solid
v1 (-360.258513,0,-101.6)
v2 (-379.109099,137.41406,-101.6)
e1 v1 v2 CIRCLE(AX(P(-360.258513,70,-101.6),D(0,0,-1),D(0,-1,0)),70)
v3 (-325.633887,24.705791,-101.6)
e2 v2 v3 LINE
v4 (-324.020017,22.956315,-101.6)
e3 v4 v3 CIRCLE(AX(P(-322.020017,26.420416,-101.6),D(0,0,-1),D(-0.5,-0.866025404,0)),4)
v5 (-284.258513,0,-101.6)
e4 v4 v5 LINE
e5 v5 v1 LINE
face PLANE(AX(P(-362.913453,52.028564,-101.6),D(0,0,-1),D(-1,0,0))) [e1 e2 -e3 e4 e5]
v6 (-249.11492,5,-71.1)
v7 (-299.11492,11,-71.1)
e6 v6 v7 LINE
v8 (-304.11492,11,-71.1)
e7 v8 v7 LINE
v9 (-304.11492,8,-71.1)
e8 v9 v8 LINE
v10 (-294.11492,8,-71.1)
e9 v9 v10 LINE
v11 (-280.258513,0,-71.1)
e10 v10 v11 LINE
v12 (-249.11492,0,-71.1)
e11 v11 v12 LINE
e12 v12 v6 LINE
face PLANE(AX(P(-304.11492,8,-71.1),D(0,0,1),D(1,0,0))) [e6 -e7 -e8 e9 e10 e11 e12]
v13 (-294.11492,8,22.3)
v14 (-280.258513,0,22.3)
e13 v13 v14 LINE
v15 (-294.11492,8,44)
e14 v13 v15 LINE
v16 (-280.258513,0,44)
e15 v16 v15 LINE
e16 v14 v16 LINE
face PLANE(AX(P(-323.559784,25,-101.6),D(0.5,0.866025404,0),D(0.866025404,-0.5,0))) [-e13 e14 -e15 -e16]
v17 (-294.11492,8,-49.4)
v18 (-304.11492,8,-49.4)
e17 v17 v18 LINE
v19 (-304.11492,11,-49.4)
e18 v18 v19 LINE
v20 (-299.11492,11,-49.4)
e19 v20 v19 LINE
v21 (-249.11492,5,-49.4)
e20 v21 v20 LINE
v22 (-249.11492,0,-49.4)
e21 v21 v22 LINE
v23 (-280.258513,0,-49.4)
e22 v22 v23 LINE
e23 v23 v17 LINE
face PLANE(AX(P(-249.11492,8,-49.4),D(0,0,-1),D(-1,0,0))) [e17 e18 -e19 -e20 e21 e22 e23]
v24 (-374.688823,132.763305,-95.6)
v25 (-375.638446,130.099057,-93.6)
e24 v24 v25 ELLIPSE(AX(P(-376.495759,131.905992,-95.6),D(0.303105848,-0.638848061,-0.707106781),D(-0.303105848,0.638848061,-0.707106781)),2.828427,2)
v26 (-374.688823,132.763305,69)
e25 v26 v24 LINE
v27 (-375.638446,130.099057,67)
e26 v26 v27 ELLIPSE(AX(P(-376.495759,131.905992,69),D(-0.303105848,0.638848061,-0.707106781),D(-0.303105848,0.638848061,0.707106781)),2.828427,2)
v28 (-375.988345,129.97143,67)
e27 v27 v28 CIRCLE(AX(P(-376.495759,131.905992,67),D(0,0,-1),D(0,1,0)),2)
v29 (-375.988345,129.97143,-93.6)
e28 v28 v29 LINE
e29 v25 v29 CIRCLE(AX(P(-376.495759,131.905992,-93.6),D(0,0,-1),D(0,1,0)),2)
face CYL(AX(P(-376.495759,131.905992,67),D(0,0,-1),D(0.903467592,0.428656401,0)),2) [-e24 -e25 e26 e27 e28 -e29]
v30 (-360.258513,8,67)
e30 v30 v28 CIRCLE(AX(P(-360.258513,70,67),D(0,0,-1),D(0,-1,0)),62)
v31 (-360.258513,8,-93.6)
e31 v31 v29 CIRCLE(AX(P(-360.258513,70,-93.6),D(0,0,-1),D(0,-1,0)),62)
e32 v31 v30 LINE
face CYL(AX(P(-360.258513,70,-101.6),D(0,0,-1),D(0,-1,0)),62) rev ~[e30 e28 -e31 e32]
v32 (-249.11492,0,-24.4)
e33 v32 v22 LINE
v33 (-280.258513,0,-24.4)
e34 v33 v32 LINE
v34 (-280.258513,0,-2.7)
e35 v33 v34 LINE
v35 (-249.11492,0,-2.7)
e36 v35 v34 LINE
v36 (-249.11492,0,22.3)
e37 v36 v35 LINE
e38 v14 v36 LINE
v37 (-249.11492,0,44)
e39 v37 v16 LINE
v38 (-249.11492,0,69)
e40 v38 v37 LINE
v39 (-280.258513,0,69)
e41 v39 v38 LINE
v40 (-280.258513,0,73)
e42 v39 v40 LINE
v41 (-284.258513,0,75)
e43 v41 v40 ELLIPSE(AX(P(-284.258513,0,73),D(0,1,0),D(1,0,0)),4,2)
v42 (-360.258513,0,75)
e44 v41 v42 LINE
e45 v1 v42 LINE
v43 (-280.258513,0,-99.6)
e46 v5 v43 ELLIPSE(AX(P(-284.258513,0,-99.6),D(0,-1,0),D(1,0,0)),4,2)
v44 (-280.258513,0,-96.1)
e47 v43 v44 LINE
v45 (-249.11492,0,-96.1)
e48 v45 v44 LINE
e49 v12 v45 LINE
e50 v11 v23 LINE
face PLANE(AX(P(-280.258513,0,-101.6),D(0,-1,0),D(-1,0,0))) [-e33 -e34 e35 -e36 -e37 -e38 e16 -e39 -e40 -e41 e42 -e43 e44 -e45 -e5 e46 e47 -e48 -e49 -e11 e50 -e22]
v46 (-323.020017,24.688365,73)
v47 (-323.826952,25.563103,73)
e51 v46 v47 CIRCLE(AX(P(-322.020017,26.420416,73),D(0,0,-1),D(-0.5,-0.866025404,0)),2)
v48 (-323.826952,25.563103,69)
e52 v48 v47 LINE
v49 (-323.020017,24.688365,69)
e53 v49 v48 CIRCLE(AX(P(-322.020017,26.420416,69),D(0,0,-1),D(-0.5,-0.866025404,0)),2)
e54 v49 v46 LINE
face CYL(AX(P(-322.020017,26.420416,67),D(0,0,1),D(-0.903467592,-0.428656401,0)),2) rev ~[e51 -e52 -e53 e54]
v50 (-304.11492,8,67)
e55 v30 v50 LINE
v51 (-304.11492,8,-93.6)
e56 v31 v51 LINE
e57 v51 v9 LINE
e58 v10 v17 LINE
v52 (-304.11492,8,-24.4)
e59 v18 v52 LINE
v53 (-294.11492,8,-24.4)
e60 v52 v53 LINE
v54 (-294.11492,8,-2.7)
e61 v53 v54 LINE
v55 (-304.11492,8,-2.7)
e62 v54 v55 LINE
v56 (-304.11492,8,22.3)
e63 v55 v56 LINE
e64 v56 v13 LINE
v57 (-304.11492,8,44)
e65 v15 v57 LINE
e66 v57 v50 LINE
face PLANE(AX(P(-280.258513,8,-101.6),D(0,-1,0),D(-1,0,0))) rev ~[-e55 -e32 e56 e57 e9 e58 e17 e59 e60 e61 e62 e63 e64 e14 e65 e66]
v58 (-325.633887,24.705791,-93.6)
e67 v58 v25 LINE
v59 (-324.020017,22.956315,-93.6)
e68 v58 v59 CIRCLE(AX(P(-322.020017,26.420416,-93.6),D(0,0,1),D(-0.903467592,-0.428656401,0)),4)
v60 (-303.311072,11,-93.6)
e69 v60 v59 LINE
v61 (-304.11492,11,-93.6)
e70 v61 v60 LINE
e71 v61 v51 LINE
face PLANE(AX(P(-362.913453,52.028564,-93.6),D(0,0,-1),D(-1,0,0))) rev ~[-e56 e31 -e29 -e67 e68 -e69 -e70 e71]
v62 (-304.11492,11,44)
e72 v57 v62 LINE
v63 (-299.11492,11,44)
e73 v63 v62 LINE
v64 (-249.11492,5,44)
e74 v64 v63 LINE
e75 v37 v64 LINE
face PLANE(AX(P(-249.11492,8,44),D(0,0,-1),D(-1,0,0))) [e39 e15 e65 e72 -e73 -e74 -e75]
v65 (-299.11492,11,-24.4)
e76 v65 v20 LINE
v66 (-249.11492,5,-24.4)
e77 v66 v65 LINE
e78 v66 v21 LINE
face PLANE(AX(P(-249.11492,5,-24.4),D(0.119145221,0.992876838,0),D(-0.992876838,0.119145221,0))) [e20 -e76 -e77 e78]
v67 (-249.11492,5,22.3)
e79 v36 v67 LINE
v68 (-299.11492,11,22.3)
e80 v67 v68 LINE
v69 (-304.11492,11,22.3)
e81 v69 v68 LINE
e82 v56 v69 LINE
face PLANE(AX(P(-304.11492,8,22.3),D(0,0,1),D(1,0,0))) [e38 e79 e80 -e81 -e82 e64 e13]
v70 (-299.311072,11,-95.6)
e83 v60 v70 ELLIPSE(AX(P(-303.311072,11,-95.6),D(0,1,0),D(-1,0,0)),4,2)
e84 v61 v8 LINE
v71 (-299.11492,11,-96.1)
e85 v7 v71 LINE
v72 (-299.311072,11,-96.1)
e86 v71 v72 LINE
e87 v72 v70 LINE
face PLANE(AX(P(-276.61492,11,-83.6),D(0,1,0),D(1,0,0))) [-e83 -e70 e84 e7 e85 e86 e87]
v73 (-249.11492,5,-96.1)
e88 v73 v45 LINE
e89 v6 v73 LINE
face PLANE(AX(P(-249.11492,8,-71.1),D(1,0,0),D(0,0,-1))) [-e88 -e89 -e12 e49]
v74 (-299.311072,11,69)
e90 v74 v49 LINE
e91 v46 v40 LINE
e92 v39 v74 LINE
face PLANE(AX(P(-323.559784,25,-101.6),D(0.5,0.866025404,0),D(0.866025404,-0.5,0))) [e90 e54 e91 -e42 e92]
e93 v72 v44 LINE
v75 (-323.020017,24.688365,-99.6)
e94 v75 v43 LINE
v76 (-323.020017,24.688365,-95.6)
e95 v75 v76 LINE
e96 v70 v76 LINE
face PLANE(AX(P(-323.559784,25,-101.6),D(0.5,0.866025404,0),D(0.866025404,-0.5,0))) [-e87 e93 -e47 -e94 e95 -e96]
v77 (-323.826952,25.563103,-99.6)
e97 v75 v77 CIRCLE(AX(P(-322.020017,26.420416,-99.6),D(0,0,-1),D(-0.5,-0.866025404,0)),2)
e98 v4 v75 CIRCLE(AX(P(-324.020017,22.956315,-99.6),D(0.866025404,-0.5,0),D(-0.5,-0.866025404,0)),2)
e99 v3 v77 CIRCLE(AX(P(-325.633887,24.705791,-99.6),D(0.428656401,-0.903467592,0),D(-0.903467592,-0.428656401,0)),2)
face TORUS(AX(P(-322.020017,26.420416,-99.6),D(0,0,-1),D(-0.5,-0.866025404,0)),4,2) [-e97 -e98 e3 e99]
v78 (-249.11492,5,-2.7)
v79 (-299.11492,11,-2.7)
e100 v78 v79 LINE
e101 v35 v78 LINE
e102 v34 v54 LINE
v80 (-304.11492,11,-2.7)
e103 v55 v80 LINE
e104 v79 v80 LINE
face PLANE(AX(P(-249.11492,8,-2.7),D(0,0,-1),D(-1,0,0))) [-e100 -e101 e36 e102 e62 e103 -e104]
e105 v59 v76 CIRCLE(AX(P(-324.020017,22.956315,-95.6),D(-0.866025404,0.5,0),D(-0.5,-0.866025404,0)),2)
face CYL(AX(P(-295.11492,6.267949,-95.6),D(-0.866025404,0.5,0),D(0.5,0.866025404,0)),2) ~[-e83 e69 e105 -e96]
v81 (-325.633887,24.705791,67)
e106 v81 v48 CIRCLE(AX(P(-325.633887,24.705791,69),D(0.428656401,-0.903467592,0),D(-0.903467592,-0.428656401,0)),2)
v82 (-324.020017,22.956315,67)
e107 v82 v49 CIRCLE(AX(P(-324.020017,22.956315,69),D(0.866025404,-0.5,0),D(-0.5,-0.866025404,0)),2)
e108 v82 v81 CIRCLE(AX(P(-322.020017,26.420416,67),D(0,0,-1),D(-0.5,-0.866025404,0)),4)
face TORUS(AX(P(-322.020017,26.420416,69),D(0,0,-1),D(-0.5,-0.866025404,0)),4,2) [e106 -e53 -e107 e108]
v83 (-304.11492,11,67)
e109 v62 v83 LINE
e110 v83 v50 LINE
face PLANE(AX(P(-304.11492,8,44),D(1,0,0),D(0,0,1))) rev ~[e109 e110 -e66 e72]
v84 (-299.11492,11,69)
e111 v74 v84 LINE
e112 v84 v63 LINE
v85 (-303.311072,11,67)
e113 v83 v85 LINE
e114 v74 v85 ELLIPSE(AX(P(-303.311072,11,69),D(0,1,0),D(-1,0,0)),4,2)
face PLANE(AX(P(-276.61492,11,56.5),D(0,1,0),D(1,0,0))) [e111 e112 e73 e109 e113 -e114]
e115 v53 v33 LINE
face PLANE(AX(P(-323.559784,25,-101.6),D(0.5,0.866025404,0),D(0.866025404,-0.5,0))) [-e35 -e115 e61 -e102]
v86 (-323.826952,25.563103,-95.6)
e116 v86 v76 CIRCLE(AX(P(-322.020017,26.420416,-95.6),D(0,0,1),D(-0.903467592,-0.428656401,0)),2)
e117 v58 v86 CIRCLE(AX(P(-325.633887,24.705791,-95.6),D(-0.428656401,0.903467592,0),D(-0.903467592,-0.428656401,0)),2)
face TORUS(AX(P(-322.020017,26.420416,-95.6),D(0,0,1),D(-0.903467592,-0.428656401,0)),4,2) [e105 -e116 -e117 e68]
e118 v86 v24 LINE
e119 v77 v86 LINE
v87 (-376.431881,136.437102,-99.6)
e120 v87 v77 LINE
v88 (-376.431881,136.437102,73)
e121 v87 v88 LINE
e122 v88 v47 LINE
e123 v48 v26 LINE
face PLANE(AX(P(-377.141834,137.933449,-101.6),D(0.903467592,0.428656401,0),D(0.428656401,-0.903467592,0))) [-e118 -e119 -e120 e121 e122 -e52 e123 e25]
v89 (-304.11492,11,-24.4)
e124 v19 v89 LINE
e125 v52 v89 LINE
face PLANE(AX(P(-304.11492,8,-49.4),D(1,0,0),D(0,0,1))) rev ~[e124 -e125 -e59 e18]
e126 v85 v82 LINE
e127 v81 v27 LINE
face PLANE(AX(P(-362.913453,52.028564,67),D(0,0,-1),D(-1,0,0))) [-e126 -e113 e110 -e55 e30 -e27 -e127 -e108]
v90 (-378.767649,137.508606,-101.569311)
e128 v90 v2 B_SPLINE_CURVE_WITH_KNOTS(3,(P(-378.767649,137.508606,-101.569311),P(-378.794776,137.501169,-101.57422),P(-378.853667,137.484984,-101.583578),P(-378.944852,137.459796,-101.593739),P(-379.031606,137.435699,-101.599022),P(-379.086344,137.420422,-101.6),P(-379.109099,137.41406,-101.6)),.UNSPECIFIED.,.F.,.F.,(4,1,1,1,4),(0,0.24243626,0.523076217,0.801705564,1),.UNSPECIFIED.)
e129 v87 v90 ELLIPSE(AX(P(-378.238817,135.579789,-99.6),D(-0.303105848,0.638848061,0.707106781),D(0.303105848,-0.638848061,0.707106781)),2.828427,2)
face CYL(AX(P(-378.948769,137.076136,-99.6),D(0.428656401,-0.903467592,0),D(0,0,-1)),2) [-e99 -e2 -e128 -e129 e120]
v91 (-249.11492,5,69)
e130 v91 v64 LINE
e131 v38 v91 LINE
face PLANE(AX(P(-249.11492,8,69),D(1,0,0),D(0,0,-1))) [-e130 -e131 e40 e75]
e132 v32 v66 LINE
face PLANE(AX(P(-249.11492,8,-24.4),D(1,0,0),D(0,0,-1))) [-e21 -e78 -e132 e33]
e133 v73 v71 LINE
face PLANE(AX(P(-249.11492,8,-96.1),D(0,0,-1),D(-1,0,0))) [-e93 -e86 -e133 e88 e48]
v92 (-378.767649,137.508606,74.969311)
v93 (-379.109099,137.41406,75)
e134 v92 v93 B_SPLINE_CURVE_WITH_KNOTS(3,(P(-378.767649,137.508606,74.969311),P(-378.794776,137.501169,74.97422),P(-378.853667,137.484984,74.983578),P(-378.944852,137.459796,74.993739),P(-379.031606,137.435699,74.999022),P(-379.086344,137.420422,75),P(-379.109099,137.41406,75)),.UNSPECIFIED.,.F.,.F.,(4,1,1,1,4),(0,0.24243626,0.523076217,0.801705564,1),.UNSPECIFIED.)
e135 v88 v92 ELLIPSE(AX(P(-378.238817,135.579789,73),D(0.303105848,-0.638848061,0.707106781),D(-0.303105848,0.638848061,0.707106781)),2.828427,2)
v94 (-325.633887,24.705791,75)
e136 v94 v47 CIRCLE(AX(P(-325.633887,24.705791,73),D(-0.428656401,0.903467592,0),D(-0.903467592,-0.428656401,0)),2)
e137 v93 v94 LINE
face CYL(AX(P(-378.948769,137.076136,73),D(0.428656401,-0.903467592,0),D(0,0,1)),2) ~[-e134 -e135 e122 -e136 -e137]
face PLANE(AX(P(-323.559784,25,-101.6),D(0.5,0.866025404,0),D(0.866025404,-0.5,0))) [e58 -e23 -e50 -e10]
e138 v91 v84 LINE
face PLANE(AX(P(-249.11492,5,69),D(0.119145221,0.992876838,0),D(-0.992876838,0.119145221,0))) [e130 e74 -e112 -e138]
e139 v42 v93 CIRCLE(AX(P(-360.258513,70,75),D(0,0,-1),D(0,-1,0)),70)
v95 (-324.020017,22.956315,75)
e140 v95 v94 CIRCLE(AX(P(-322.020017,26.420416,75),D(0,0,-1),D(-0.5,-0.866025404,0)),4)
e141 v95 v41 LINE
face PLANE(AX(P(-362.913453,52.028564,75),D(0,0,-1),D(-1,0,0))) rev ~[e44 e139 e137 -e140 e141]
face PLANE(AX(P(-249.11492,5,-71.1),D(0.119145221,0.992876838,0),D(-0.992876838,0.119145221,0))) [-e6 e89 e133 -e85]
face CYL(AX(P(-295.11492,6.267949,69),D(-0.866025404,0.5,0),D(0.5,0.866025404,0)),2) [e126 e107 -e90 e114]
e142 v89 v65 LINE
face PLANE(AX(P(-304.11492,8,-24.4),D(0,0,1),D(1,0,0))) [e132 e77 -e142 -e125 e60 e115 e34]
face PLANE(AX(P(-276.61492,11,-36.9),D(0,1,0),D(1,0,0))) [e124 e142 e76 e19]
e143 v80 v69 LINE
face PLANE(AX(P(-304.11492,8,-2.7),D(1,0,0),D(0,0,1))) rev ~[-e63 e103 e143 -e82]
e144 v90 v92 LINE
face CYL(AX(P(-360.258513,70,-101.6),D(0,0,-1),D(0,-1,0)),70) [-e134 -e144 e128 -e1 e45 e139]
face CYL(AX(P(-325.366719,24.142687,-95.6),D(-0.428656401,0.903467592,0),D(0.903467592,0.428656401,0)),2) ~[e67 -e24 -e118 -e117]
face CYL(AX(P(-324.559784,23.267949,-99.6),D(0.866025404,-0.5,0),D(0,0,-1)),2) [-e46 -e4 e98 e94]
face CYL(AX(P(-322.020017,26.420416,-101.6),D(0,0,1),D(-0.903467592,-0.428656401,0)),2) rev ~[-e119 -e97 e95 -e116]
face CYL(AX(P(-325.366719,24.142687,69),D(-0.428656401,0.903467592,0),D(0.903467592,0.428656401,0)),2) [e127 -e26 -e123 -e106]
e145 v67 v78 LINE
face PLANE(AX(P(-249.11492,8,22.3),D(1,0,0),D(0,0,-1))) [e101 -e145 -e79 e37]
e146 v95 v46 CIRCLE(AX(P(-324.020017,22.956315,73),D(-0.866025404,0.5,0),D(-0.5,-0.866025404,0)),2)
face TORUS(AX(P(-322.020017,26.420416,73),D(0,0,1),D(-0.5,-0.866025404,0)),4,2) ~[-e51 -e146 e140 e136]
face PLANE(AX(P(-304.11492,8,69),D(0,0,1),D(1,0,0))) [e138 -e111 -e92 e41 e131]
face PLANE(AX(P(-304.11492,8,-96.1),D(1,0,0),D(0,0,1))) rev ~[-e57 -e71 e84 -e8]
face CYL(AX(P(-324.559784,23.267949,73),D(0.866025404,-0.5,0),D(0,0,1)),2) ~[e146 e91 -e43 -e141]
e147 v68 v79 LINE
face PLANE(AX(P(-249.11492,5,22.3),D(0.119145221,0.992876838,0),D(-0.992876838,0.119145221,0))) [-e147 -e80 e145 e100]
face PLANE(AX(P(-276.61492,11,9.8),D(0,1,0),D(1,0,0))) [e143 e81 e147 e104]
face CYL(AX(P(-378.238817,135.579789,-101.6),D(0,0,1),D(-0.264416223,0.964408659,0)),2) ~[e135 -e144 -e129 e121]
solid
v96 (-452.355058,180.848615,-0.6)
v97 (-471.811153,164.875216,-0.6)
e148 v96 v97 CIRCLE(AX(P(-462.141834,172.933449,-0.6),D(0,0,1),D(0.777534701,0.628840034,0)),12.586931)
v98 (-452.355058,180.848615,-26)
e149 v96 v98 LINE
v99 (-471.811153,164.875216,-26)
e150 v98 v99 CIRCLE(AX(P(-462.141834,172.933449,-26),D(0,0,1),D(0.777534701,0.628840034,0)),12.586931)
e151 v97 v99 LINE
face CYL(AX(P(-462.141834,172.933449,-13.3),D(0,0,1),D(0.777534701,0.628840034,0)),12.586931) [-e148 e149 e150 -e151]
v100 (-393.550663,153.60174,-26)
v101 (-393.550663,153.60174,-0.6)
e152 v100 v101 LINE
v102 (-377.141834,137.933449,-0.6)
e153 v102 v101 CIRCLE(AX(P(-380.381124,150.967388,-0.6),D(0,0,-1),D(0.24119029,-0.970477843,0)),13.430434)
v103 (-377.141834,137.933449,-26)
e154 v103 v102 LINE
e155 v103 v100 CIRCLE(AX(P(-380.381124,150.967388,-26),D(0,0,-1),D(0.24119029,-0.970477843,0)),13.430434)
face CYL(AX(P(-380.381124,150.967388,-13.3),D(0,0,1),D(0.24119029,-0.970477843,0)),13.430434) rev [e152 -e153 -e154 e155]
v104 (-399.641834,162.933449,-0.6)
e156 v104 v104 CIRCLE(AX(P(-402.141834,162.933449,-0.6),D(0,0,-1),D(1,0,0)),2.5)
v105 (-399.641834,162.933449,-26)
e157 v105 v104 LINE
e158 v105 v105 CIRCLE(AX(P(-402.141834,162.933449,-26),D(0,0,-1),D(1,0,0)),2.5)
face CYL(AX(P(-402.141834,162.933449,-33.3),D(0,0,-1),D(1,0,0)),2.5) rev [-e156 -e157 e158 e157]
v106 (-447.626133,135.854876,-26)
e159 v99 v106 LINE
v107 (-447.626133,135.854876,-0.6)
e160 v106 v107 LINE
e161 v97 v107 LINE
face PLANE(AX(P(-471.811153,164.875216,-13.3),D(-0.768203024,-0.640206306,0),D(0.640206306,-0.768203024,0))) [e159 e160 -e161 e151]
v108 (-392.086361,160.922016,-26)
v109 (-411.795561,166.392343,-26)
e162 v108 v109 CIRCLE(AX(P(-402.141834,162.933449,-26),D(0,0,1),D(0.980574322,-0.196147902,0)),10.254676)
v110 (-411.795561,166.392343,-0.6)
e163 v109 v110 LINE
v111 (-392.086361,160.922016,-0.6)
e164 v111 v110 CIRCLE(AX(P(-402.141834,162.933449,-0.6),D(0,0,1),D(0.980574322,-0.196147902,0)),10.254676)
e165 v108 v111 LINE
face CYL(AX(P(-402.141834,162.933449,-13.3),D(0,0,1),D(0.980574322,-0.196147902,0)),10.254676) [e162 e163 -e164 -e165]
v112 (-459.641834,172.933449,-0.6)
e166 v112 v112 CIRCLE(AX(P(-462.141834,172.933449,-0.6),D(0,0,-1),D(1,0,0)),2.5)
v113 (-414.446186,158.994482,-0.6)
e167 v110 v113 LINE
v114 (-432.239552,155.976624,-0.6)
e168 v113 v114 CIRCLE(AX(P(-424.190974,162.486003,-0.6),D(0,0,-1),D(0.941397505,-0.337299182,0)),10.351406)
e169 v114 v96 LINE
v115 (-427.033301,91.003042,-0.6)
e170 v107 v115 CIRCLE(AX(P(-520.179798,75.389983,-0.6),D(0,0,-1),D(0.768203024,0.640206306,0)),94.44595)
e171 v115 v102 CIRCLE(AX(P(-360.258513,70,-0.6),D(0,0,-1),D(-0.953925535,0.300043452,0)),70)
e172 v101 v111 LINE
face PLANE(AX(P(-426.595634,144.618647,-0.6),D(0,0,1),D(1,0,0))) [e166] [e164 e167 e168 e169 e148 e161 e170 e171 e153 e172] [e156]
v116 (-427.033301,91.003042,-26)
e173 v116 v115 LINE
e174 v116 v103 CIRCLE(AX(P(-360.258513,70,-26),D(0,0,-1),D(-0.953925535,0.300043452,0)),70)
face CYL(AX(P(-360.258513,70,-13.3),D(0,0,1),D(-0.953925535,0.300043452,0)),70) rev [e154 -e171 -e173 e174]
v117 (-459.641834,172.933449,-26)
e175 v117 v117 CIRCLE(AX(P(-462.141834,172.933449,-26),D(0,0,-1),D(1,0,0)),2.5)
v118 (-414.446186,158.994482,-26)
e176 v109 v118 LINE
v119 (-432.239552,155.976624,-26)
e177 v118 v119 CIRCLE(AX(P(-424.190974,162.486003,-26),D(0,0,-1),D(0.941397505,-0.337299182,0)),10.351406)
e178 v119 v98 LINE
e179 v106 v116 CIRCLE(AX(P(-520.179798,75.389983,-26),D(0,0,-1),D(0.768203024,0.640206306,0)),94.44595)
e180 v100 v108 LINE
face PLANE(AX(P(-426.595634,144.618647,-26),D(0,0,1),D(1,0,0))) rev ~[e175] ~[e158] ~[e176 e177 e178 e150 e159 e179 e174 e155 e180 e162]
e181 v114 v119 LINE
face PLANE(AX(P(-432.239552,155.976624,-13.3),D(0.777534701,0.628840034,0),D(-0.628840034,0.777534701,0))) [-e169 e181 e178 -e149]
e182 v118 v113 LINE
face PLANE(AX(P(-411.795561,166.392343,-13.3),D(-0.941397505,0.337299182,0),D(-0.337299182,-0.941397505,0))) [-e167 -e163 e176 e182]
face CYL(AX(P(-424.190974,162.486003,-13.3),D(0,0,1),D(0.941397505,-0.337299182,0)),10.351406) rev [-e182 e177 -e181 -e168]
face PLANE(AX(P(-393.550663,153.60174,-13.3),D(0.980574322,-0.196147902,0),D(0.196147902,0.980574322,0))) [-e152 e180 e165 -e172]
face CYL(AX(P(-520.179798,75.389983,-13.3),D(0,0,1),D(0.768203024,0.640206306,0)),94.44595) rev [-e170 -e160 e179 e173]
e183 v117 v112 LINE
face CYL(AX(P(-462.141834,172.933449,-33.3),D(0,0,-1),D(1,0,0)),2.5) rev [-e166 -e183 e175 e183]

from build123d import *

# Parameters (mm, degrees)
BOSS_EXTRUDE1_DEPTH             = 75
BOSS_EXTRUDE1_DEPTH_BACK        = 101.6
SHELL2_T                        = -8
BOSS_EXTRUDE2_DEPTH             = 12.7
CUT_EXTRUDE1_DEPTH              = 20
CUT_EXTRUDE1_DEPTH_BACK         = 20
SKETCH8_R                       = 2.5
FILLET3_R                       = 2
BOSS_EXTRUDE3_DEPTH             = 3
BOSS_EXTRUDE3_DIRECTION_2_REACH = 518.917
CUT_EXTRUDE4_DEPTH              = 25
LPATTERN2_COUNT                 = 4
LPATTERN2_PITCH                 = 46.7


with BuildPart() as part:
    # Sketch3 → Boss-Extrude1 (new, two sides: drawn at the far end of the back side and taken through both)
    with BuildSketch(Plane.XY.offset(-BOSS_EXTRUDE1_DEPTH_BACK)):
        with BuildLine():
            Line((-323.559783679, 25), (-280.25851349, 0))
            Line((-280.25851349, 0), (-360.25851349, 0))
            ThreePointArc((-360.25851349, 0), (-429.739955011, 61.495337509), (-377.141833761, 137.933449026))
            Line((-377.141833761, 137.933449026), (-323.559783679, 25))
        make_face()
    extrude(amount=BOSS_EXTRUDE1_DEPTH + BOSS_EXTRUDE1_DEPTH_BACK)

    # Shell2
    shell2_openings = [part.faces().sort_by_distance(p)[0] for p in [
        (-350.35080872, 81.466724513, -13.3),
        (-301.909148584, 12.5, -13.3),
    ]]
    offset(amount=SHELL2_T, openings=shell2_openings, kind=Kind.INTERSECTION)

    # Fillet3
    fillet3_edges = [part.edges().sort_by_distance(p)[0] for p in [
        (-301.909148584, 12.5, -101.6),
        (-350.35080872, 81.466724513, -101.6),
        (-301.909148584, 12.5, 75),
        (-350.35080872, 81.466724513, 75),
        (-323.559783679, 25, 71),
        (-373.633981695, 130.540043362, -13.3),
        (-348.596882687, 77.770021681, -93.6),
        (-308.837351815, 16.5, -93.6),
        (-308.837351815, 16.5, 67),
        (-348.596882687, 77.770021681, 67),
        (-377.141833761, 137.933449026, -13.3),
        (-323.559783679, 25, -97.6),
    ]]
    fillet(fillet3_edges, radius=FILLET3_R)

    # Sketch17 → Boss-Extrude3 (add)
    with BuildSketch(Plane(origin=(0, 8, 0), x_dir=(1, 0, 0), z_dir=(0, 1, 0))):
        Polygon((-294.11491995, -44), (-304.11491995, -44), (-304.11491995, -69), (-294.11491995, -69), (-249.11491995, -69), (-249.11491995, -44), align=None)
    boss_extrude3 = extrude(amount=BOSS_EXTRUDE3_DEPTH)

    # Boss-Extrude3 direction 2: up to this face of the body (flat: up to its plane)
    boss_extrude3_direction_2_end = Plane(part.part.faces().sort_by_distance((-320.268020141, 0, -13.3))[0])
    # Sketch17 → Boss-Extrude3 direction 2 (add, up to the picked face)
    with BuildSketch(Plane(origin=(0, 8, 0), x_dir=(1, 0, 0), z_dir=(0, 1, 0)), mode=Mode.PRIVATE) as boss_extrude3_direction_2_sk1:
        Polygon((-294.11491995, -44), (-304.11491995, -44), (-304.11491995, -69), (-294.11491995, -69), (-249.11491995, -69), (-249.11491995, -44), align=None)
    boss_extrude3_direction_2_tool1 = split(extrude(boss_extrude3_direction_2_sk1.sketch, amount=-BOSS_EXTRUDE3_DIRECTION_2_REACH, mode=Mode.PRIVATE), bisect_by=boss_extrude3_direction_2_end, keep=Keep.BOTH, mode=Mode.PRIVATE)
    boss_extrude3_direction_2 = boss_extrude3_direction_2_tool1.solids().sort_by(Axis((-276.61492, 8, 56.5), (0, -1, 0)))[0]
    add(boss_extrude3_direction_2)

    # Sketch18 → Cut-Extrude4 (cut)
    with BuildSketch(Plane.XY.offset(69)):
        Polygon((-299.11491995, 11), (-249.11491995, 11), (-249.11491995, 5), align=None)
    cut_extrude4 = extrude(amount=-CUT_EXTRUDE4_DEPTH, mode=Mode.SUBTRACT)

    # LPattern2: Boss-Extrude3, Boss-Extrude3 direction 2, Cut-Extrude4 ×4
    with Locations(*[(0, 0, -i * LPATTERN2_PITCH) for i in range(1, LPATTERN2_COUNT)]):
        add(boss_extrude3)
        add(boss_extrude3_direction_2)
        add(cut_extrude4, mode=Mode.SUBTRACT)


with BuildPart() as body_2:
    # Sketch5 → Boss-Extrude2 (new, symmetric)
    with BuildSketch(Plane.XY):
        with BuildLine():
            Line((-471.81115259, 164.875216113), (-447.626133428, 135.854875839))
            ThreePointArc((-447.626133428, 135.854875839), (-434.348232425, 114.79784848), (-427.033300971, 91.003041609))
            ThreePointArc((-427.033300971, 91.003041609), (-408.219805521, 120.987395175), (-377.141833761, 137.933449026))
            ThreePointArc((-377.141833761, 137.933449026), (-389.656160093, 141.253981011), (-393.550663238, 153.601739572))
            Line((-393.550663238, 153.601739572), (-392.086361367, 160.922015761))
            ThreePointArc((-392.086361367, 160.922015761), (-399.399303926, 172.814588584), (-411.795560573, 166.392342997))
            Line((-411.795560573, 166.392342997), (-414.446186187, 158.99448236))
            ThreePointArc((-414.446186187, 158.99448236), (-422.460035632, 152.280344724), (-432.239552133, 155.976624494))
            Line((-432.239552133, 155.976624494), (-452.355057749, 180.848615454))
            ThreePointArc((-452.355057749, 180.848615454), (-470.128749354, 182.661759446), (-471.81115259, 164.875216113))
        make_face()
    extrude(amount=BOSS_EXTRUDE2_DEPTH, both=True)

    # Sketch8 → Cut-Extrude1 (cut, two sides: drawn at the far end of the back side and taken through both)
    with BuildSketch(Plane.XY.offset(-CUT_EXTRUDE1_DEPTH_BACK)):
        with Locations((-402.141833761, 162.933449026)):
            Circle(SKETCH8_R)
        with Locations((-462.141833761, 172.933449026)):
            Circle(SKETCH8_R)
    extrude(amount=CUT_EXTRUDE1_DEPTH + CUT_EXTRUDE1_DEPTH_BACK, mode=Mode.SUBTRACT)


with BuildPart() as body_2_1:
    # Body-Move/Copy4: moved
    add(body_2.part.moved(Location((0, 0, -13.3))))


solid = Compound([part.part, body_2_1.part])
